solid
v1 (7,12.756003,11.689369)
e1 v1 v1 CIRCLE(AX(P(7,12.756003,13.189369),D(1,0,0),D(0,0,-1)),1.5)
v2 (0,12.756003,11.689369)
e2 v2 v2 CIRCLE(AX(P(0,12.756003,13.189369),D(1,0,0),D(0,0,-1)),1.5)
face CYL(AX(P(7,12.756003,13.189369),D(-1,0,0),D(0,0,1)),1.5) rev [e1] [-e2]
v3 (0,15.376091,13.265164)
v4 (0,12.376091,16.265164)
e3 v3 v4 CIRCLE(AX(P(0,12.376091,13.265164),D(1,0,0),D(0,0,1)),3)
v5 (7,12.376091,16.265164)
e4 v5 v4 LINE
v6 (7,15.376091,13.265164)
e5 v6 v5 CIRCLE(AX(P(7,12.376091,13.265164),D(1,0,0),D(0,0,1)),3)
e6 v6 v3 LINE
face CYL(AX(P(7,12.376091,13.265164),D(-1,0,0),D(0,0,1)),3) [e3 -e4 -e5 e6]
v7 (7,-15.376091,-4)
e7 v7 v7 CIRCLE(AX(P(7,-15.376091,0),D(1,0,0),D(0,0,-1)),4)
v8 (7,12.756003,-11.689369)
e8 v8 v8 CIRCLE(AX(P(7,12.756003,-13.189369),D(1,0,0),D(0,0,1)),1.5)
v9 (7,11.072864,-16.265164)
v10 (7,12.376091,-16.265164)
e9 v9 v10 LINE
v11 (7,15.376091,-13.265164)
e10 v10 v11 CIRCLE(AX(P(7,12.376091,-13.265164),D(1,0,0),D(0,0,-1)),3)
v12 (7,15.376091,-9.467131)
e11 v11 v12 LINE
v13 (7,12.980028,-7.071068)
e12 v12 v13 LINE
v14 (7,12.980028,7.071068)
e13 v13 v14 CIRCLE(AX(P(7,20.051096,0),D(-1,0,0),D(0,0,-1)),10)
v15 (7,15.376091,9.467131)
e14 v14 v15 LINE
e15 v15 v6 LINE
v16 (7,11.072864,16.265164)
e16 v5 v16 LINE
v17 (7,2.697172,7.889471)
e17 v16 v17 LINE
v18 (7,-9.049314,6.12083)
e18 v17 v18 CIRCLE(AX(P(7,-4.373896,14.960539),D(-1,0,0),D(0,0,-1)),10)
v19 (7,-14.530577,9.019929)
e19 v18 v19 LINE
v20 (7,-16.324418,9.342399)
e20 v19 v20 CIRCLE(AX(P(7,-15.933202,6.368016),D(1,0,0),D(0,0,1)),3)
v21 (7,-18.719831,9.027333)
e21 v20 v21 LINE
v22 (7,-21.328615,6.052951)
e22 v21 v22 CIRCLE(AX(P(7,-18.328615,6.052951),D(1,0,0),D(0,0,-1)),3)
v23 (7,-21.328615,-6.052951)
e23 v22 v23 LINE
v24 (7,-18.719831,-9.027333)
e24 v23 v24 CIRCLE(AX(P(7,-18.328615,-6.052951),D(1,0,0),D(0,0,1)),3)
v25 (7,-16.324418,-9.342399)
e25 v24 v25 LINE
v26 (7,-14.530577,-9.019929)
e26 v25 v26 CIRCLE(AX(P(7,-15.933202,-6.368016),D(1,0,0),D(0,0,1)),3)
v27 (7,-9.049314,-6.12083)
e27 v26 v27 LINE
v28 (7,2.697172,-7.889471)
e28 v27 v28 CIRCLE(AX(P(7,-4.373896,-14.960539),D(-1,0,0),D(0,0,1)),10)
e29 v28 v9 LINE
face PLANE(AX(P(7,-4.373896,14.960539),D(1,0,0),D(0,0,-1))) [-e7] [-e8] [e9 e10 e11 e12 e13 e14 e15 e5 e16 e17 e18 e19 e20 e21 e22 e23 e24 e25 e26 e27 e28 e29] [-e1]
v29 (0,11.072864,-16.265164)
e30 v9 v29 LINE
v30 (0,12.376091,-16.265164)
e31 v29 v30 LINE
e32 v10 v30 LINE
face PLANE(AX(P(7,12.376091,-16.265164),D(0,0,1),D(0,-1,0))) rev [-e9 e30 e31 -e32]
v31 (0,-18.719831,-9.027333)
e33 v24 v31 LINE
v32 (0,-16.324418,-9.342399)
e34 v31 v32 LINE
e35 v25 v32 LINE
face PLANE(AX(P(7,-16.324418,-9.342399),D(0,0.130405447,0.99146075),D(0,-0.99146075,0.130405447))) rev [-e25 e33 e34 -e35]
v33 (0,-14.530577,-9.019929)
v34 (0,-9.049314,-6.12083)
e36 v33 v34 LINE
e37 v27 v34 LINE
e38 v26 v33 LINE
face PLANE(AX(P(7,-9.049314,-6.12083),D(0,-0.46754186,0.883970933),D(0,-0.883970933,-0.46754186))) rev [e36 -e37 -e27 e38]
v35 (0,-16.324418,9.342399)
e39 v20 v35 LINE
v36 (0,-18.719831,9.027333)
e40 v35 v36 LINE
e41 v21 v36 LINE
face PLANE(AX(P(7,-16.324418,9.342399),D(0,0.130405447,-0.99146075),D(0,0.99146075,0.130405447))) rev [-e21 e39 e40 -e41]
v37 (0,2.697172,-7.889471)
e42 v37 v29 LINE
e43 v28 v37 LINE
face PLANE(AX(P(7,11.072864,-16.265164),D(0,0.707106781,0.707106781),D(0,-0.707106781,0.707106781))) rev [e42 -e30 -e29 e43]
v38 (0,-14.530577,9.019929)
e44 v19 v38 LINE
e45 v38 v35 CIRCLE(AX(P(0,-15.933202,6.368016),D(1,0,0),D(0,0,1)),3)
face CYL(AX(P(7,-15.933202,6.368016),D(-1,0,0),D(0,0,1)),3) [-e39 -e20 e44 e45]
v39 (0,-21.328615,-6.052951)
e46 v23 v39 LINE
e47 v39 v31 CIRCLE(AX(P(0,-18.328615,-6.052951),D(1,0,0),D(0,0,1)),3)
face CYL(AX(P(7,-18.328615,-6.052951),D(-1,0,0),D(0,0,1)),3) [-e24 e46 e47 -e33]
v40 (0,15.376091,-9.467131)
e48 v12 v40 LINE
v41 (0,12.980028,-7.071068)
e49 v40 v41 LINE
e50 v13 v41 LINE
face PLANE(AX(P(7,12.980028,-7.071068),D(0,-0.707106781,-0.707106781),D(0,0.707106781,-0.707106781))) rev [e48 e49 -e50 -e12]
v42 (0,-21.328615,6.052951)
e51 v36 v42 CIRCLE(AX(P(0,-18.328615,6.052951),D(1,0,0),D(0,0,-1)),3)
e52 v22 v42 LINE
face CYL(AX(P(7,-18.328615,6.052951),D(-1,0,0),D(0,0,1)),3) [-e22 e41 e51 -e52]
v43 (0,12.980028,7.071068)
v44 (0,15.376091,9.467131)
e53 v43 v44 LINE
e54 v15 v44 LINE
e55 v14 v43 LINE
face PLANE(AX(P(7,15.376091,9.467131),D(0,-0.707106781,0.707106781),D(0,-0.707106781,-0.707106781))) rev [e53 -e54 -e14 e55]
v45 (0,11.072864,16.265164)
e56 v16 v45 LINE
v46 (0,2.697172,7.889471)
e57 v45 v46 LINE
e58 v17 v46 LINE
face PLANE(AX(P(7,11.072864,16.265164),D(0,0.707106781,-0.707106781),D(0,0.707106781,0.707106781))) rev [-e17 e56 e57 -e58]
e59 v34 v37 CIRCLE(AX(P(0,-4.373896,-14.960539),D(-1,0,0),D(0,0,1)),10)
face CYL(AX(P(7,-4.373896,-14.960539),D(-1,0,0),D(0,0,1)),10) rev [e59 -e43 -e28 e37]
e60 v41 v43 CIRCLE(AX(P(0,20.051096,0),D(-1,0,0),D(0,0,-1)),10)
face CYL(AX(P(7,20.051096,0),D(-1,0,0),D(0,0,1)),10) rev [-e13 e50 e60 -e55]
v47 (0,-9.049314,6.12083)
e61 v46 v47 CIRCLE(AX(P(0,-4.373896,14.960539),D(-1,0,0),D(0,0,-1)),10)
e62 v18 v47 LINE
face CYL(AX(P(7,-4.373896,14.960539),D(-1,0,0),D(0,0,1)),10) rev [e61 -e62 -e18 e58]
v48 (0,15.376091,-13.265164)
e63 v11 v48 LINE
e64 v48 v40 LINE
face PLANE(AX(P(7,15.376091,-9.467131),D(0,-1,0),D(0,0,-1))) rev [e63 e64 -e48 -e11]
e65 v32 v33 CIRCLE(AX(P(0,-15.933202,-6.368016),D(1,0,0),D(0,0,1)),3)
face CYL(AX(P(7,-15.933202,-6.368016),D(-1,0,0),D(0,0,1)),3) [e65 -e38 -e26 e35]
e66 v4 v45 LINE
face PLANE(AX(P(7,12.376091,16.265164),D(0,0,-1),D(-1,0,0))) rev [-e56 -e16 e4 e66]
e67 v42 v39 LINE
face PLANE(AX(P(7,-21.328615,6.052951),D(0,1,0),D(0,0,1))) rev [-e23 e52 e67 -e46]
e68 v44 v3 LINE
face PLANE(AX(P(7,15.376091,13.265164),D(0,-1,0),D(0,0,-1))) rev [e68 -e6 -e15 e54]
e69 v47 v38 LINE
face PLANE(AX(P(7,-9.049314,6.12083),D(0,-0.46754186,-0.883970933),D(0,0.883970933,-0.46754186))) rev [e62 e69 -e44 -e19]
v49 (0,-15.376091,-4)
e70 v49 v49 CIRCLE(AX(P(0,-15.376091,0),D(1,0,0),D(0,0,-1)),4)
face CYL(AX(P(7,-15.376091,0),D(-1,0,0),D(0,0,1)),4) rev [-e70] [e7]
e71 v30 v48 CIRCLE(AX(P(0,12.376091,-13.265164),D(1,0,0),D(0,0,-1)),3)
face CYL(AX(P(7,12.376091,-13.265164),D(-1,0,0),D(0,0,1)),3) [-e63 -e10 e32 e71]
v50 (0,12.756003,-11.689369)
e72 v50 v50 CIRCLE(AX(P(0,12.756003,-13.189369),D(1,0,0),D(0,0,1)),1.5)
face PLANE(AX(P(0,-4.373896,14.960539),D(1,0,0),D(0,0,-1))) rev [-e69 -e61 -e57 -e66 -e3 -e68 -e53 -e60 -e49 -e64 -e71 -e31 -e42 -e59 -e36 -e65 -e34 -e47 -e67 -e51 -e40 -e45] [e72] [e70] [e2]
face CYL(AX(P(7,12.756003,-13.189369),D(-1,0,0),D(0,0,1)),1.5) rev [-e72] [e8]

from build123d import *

# Parameters (mm, degrees)
SKETCH1_R           = 1.5
SKETCH1_R_2         = 4
BOSS_EXTRUDE3_DEPTH = 7


with BuildPart() as part:
    # Sketch1 → Boss-Extrude3 (new body)
    with BuildSketch(Plane(origin=(0, 0, 0), x_dir=(0, 0, -1), z_dir=(1, 0, 0))):
        with BuildLine():
            Line((-16.265163927, 11.0728645), (-7.889471404, 2.697171977))
            ThreePointArc((-7.889471404, 2.697171977), (-5.072000749, -2.885001281), (-6.120829891, -9.049314431))
            Line((-6.120829891, -9.049314431), (-9.01992916, -14.530576551))
            ThreePointArc((-9.01992916, -14.530576551), (-9.320687391, -15.40241611), (-9.342398614, -16.32441847))
            Line((-9.342398614, -16.32441847), (-9.027333312, -18.719831292))
            ThreePointArc((-9.027333312, -18.719831292), (-8.031125849, -20.584013921), (-6.052951061, -21.328614951))
            Line((-6.052951061, -21.328614951), (6.052951061, -21.328614951))
            ThreePointArc((6.052951061, -21.328614951), (8.031125849, -20.584013921), (9.027333312, -18.719831292))
            Line((9.027333312, -18.719831292), (9.342398614, -16.32441847))
            ThreePointArc((9.342398614, -16.32441847), (9.320687391, -15.40241611), (9.01992916, -14.530576551))
            Line((9.01992916, -14.530576551), (6.120829891, -9.049314431))
            ThreePointArc((6.120829891, -9.049314431), (5.072000749, -2.885001281), (7.889471404, 2.697171977))
            Line((7.889471404, 2.697171977), (16.265163927, 11.0728645))
            Line((16.265163927, 11.0728645), (16.265163927, 12.376090748))
            ThreePointArc((16.265163927, 12.376090748), (15.386484271, 14.497411092), (13.265163927, 15.376090748))
            Line((13.265163927, 15.376090748), (9.467130834, 15.376090748))
            Line((9.467130834, 15.376090748), (7.071067812, 12.980027727))
            ThreePointArc((7.071067812, 12.980027727), (0, 10.051095538), (-7.071067812, 12.980027727))
            Line((-7.071067812, 12.980027727), (-9.467130834, 15.376090748))
            Line((-9.467130834, 15.376090748), (-13.265163927, 15.376090748))
            ThreePointArc((-13.265163927, 15.376090748), (-15.386484271, 14.497411092), (-16.265163927, 12.376090748))
            Line((-16.265163927, 12.376090748), (-16.265163927, 11.0728645))
        make_face()
        with Locations((-13.189368773, 12.756003002)):
            Circle(SKETCH1_R, mode=Mode.SUBTRACT)
        with Locations((13.189368773, 12.756003002)):
            Circle(SKETCH1_R, mode=Mode.SUBTRACT)
        with Locations((0, -15.376090748)):
            Circle(SKETCH1_R_2, mode=Mode.SUBTRACT)
    extrude(amount=BOSS_EXTRUDE3_DEPTH)


solid = part.part
